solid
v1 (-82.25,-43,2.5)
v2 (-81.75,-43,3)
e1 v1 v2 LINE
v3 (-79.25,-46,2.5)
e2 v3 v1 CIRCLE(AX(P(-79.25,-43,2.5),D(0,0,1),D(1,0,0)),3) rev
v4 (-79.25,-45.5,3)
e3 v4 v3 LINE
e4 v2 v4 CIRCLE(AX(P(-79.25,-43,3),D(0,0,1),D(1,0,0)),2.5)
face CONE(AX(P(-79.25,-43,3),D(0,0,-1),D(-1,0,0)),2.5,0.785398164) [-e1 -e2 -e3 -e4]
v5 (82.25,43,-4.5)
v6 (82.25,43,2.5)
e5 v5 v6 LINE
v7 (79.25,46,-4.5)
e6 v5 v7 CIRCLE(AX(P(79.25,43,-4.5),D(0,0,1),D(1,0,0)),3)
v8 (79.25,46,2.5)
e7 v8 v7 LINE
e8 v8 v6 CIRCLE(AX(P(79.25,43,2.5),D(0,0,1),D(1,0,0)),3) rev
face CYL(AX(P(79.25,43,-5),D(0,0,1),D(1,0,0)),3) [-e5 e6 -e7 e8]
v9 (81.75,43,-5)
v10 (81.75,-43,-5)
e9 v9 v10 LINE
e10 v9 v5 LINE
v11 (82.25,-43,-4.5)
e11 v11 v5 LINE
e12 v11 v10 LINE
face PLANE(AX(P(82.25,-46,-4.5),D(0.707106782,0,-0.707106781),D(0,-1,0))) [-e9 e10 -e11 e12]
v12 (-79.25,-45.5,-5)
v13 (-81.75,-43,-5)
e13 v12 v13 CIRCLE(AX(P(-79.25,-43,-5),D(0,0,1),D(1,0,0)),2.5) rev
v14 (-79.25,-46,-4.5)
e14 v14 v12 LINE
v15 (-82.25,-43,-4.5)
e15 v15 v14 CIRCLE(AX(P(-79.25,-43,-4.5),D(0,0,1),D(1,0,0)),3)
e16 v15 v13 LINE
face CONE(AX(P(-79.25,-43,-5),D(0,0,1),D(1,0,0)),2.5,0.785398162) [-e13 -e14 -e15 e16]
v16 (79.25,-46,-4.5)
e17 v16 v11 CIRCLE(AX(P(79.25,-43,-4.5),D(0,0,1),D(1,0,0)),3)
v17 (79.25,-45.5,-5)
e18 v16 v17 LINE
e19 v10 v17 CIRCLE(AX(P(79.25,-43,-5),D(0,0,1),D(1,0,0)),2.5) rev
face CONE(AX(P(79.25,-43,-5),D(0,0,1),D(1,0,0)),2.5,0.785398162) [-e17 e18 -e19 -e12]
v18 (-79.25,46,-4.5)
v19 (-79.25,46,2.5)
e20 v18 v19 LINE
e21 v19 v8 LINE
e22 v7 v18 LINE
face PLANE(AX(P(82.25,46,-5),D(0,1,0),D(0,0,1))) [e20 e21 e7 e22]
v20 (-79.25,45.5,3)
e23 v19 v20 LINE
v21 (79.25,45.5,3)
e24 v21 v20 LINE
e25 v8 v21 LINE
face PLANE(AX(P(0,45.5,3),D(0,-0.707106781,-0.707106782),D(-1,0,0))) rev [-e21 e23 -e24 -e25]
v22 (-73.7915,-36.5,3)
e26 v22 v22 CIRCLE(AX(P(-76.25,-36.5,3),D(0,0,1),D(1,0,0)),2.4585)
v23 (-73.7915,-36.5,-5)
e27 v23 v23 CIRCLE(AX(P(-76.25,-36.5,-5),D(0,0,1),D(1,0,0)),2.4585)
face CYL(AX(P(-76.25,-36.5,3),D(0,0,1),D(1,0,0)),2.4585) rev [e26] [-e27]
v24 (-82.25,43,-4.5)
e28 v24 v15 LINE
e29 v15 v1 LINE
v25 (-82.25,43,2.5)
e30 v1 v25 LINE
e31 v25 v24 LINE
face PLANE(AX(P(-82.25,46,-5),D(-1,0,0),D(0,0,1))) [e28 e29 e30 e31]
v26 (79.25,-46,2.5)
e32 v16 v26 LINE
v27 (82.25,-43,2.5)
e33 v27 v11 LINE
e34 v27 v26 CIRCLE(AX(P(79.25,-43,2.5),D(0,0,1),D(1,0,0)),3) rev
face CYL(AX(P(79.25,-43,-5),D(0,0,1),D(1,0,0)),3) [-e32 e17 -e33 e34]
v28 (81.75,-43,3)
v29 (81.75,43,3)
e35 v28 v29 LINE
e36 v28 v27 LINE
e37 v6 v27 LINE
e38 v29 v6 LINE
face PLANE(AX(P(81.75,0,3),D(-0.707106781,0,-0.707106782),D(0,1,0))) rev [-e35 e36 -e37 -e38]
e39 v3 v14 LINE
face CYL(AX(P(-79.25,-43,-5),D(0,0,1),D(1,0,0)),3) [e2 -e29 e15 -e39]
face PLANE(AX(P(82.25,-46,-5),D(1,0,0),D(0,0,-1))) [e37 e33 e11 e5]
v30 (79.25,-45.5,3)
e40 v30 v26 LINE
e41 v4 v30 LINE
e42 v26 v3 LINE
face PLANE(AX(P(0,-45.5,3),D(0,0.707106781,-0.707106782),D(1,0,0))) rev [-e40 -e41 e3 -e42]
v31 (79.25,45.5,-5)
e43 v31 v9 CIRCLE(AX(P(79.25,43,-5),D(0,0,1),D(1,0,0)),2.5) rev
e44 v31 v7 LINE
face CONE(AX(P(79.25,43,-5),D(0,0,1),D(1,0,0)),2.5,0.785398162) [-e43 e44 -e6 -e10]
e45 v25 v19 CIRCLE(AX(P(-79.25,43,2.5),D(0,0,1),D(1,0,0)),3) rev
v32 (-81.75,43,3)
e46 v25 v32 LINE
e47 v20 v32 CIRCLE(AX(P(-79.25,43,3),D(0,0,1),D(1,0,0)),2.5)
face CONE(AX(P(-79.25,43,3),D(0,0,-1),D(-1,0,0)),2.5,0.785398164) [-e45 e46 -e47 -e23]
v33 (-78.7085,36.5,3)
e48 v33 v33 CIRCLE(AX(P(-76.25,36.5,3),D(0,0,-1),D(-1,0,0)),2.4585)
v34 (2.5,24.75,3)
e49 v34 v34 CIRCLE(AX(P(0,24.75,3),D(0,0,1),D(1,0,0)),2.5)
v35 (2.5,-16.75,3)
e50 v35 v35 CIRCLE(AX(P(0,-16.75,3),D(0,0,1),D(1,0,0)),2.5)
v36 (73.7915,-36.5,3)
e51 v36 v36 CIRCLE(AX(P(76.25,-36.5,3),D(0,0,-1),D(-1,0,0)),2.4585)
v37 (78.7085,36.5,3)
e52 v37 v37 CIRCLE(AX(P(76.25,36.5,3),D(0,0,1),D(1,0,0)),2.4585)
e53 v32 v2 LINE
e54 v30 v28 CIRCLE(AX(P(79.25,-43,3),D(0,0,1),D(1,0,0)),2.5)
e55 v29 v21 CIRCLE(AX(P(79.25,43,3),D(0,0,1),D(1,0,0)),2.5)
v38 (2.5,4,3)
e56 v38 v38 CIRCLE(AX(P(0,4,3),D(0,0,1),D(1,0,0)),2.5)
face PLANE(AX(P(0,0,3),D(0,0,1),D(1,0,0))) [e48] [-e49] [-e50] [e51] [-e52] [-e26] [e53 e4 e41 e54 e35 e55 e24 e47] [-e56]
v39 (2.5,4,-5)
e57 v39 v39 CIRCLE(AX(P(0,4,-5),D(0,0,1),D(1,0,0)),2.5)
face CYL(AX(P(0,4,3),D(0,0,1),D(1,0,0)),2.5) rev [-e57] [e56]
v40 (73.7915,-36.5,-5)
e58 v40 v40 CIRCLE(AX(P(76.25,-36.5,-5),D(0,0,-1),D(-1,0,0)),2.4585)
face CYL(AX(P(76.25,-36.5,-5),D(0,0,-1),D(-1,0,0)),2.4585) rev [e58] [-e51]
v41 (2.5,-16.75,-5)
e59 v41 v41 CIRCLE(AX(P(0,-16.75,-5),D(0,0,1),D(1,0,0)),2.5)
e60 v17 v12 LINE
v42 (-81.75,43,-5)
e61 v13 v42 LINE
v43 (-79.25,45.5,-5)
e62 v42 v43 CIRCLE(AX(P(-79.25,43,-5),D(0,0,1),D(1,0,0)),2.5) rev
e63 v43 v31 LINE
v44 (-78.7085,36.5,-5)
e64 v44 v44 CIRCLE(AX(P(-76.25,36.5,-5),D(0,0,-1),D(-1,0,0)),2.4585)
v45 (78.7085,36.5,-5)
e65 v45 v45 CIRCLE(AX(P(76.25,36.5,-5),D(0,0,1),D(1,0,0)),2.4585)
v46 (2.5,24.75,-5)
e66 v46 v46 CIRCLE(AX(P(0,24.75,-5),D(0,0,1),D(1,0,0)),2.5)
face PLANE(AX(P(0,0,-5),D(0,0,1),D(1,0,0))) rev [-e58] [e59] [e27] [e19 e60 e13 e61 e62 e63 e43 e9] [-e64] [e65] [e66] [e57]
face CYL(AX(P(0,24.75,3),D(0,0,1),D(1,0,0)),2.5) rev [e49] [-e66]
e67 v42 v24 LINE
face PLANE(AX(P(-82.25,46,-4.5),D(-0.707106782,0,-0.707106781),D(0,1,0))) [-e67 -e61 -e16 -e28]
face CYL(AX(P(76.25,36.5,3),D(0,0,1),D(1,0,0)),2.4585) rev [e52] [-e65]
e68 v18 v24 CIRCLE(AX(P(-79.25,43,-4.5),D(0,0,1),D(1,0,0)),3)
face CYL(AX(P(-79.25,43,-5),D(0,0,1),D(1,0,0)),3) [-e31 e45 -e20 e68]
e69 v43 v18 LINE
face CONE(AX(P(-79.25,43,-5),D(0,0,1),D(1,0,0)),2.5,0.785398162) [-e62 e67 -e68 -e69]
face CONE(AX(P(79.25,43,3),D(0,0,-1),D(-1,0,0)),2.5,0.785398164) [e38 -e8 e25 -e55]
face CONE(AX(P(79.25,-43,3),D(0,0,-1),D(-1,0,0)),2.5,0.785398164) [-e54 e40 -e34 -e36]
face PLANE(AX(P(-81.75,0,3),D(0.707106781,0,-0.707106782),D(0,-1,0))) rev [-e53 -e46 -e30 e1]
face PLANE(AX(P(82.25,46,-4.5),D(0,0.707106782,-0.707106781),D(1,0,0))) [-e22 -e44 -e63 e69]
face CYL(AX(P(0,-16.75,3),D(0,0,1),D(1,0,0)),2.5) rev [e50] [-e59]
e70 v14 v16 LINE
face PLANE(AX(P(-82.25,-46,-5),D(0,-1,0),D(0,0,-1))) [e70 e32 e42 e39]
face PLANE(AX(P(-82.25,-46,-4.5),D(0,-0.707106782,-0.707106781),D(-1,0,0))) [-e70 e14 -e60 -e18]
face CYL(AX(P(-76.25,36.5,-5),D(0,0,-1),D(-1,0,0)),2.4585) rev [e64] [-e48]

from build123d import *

# Parameters (mm, degrees)
SKETCH1_W             = 164.5
SKETCH1_H             = 92
BOSS_EXTRUDE1_DEPTH   = 8
HOLE1_D               = 4.917
HOLE2_D               = 4.917
FILLET1_R             = 3
CHAMFER2_SIZE         = 0.5
M6X1_0_TAPPED_HOLE1_D = 5


with BuildPart() as part:
    # Sketch1 → Boss-Extrude1 (new body)
    with BuildSketch(Plane.XY.offset(3)):
        Rectangle(SKETCH1_W, SKETCH1_H)
    extrude(amount=-BOSS_EXTRUDE1_DEPTH)

    # Hole1 (through all)
    with Locations(Plane(origin=(0, 0, -5), x_dir=(-1, 0, 0), z_dir=(0, 0, -1))):
        with Locations((-76.25, -36.5), (76.25, 36.5)):
            Hole(HOLE1_D / 2)

    # Hole2 (through all)
    with Locations(Plane.XY.offset(3)):
        with Locations((-76.25, -36.5), (76.25, 36.5)):
            Hole(HOLE2_D / 2)

    # Fillet1
    fillet1_edges = [part.edges().sort_by_distance(p)[0] for p in [
        (82.25, 46, -1),
        (82.25, -46, -1),
        (-82.25, -46, -1),
        (-82.25, 46, -1),
    ]]
    fillet(fillet1_edges, radius=FILLET1_R)

    # Chamfer2
    chamfer2_edges = [part.edges().sort_by_distance(p)[0] for p in [
        (0, 46, 3),
        (0, 46, -5),
        (-82.25, 0, 3),
        (0, -46, 3),
        (82.25, 0, 3),
        (81.371320344, -45.121320344, 3),
        (-81.371320344, -45.121320344, 3),
        (81.371320344, 45.121320344, 3),
        (-81.371320344, 45.121320344, 3),
        (-82.25, 0, -5),
        (82.25, 0, -5),
        (0, -46, -5),
        (81.371320344, -45.121320344, -5),
        (-81.371320344, -45.121320344, -5),
        (81.371320344, 45.121320344, -5),
        (-81.371320344, 45.121320344, -5),
    ]]
    chamfer(chamfer2_edges, length=CHAMFER2_SIZE)

    # M6x1.0 Tapped Hole1 (through all)
    with Locations(Plane.XY.offset(3)):
        with Locations((0, 24.75), (0, 4), (0, -16.75)):
            Hole(M6X1_0_TAPPED_HOLE1_D / 2)


solid = part.part
